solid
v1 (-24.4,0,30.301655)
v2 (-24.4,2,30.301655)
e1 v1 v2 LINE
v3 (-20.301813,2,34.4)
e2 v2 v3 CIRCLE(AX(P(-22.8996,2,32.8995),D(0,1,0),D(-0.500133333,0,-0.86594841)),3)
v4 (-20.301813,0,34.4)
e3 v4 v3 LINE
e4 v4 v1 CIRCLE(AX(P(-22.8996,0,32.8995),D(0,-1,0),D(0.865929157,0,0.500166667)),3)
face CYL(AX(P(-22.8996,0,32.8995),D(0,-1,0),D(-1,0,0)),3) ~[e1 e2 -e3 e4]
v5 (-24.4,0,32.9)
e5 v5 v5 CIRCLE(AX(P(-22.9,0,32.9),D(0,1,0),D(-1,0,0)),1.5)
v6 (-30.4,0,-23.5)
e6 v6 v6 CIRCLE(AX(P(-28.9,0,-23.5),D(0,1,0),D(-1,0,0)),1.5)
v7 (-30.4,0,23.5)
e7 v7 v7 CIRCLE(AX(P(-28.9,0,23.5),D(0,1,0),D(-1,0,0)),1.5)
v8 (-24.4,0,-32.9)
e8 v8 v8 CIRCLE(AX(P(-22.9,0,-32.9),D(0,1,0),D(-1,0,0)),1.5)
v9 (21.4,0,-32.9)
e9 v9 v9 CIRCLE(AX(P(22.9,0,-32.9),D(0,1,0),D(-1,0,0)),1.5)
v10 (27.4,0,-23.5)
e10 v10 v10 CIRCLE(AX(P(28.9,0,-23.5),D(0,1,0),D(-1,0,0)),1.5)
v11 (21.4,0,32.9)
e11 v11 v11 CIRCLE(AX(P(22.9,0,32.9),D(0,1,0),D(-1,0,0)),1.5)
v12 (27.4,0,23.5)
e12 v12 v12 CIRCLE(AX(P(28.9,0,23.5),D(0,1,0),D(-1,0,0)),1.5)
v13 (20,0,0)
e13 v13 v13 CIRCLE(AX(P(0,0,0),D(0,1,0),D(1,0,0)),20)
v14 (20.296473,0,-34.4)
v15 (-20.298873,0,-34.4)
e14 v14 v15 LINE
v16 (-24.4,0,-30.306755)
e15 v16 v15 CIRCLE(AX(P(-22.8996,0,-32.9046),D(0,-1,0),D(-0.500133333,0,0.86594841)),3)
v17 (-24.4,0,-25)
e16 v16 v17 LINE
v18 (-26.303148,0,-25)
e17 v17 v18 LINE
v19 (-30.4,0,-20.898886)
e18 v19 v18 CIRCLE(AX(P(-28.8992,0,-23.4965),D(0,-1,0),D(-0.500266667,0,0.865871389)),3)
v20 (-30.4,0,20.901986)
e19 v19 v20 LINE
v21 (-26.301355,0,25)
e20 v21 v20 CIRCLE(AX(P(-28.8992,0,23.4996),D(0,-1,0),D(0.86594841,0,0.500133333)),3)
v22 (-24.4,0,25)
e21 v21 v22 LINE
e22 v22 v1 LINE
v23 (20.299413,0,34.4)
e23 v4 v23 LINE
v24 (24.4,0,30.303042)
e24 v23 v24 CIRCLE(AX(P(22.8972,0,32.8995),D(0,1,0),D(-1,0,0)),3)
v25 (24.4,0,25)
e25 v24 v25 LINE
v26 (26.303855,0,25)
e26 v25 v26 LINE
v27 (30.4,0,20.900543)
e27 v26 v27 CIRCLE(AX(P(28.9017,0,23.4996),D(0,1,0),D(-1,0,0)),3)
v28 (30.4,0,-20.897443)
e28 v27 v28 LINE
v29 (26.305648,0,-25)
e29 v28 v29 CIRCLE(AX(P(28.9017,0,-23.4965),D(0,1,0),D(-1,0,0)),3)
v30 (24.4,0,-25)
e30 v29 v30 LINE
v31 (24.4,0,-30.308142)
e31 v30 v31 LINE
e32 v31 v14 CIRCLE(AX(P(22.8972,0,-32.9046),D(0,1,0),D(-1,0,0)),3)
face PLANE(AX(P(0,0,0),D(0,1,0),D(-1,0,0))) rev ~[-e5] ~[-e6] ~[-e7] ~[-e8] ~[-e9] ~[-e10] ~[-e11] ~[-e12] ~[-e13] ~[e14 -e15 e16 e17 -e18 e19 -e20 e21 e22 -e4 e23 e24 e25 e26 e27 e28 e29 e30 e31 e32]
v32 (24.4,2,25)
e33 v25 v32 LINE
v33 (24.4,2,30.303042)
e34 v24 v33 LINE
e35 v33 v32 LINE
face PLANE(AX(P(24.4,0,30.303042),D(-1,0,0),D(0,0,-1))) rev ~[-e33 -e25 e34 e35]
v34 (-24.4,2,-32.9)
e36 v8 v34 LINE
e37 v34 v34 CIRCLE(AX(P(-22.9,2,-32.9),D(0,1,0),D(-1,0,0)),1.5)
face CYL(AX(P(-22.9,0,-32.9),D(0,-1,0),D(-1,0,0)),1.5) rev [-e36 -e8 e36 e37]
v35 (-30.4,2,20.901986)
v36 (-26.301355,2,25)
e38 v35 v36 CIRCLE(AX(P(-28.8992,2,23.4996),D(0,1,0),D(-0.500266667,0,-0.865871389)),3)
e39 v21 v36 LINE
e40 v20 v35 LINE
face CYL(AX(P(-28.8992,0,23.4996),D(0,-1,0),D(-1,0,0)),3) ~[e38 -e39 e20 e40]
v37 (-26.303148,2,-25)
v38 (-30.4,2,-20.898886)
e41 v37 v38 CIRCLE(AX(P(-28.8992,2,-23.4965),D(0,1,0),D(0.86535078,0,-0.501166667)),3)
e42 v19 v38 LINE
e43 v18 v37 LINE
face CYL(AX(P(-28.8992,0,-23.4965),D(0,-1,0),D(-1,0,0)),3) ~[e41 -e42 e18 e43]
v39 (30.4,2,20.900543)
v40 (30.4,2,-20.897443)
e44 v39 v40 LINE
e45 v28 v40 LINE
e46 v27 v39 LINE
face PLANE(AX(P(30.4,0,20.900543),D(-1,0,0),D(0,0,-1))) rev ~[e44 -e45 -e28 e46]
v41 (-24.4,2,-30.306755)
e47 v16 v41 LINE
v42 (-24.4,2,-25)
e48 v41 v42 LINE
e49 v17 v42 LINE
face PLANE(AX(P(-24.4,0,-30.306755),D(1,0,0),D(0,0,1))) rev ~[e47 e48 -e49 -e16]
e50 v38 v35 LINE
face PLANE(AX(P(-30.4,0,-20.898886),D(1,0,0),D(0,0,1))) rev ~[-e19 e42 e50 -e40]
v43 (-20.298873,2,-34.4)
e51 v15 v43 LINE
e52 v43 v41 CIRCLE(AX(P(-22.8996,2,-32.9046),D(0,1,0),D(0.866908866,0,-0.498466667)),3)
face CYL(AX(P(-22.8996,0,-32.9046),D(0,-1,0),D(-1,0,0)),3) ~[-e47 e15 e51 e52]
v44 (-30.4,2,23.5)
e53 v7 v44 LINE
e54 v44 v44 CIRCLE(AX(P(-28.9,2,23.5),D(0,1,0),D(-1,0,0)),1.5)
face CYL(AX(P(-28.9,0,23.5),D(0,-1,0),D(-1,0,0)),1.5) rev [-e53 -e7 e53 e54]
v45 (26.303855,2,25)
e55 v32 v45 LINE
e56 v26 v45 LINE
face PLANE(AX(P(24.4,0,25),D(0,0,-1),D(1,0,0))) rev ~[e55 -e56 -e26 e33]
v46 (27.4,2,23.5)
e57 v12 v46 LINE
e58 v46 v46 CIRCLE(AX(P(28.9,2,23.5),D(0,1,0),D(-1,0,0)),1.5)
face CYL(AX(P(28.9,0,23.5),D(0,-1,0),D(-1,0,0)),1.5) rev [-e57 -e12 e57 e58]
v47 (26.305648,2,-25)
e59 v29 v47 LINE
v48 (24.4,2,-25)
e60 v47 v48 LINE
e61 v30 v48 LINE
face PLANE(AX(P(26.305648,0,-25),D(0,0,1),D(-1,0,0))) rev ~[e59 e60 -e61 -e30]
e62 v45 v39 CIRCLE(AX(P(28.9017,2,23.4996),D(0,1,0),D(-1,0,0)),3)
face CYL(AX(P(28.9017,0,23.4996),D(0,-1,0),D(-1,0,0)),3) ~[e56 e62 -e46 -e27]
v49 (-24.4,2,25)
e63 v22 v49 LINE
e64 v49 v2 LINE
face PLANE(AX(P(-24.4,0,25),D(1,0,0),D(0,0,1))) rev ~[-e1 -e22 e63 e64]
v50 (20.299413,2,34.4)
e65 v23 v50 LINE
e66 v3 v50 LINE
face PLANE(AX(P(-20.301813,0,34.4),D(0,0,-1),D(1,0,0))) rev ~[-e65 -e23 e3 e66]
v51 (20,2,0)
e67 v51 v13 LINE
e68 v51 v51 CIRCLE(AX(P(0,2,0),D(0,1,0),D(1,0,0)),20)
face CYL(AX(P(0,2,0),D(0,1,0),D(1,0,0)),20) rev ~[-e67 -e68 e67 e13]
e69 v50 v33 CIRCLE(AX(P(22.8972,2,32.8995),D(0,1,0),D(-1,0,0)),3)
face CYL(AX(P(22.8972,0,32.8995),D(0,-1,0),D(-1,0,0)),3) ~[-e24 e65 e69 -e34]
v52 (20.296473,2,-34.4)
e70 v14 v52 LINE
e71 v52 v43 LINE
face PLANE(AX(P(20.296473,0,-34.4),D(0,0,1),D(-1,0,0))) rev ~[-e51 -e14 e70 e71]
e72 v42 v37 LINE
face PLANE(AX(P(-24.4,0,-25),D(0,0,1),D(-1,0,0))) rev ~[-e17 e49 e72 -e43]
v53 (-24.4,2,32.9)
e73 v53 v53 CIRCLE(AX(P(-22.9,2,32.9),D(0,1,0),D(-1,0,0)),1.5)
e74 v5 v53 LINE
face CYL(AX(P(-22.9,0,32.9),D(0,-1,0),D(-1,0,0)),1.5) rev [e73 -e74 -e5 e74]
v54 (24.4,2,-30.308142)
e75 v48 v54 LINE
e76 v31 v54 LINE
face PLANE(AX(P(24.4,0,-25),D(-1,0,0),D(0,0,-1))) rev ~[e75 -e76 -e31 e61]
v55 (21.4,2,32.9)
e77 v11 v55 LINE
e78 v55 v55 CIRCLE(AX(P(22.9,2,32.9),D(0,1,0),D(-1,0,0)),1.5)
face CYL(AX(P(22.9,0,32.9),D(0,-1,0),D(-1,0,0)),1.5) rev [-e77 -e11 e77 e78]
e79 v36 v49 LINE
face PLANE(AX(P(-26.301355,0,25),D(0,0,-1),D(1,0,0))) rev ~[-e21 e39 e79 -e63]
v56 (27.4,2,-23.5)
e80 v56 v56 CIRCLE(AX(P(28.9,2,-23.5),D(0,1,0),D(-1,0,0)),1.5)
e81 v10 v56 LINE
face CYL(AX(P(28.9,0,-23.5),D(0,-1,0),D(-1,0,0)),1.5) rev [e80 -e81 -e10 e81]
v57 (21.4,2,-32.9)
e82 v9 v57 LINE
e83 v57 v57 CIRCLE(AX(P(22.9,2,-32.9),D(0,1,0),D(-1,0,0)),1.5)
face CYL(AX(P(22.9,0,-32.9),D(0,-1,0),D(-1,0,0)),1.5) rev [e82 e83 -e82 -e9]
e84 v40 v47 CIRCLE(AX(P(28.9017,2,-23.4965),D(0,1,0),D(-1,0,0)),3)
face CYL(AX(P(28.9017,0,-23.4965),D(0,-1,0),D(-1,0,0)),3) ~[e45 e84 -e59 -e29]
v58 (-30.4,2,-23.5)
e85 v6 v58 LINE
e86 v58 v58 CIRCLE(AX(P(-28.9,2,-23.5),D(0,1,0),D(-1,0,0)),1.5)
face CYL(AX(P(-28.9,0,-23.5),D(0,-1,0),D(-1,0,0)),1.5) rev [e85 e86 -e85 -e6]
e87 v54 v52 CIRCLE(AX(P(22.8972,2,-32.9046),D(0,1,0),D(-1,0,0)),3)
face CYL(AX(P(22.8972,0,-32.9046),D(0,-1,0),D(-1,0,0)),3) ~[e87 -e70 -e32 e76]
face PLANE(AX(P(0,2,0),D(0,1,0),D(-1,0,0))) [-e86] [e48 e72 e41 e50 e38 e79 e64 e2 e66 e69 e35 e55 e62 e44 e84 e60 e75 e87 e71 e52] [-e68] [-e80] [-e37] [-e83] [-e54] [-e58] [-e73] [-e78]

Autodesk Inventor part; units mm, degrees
ref_plane "YZ Plane" through (0, 0, 0) normal (1, 0, 0) x (0, 1, 0)
ref_plane "XZ Plane" through (0, 0, 0) normal (0, 1, 0) x (-1, 0, 0)
ref_plane "XY Plane" through (0, 0, 0) normal (0, 0, 1) x (1, 0, 0)
sketch "Sketch5" plane through (0, 0, 0) normal (0, 1, 0) x (-1, 0, 0)
  line L0 (-22.9, -32.9) -> (22.9, 32.9) construction
  line L1 (22.9, -32.9) -> (-22.9, 32.9) construction
  circle A0 centre (22.9, 32.9) radius 1.5
  circle A1 centre (22.9, -32.9) radius 1.5
  circle A2 centre (-22.9, 32.9) radius 1.5
  circle A3 centre (-22.9, -32.9) radius 1.5
  point P0 (0, 0)
  dimension "d6" = 45.8
  dimension "d7" = 65.8
  dimension "d8" = 3
  dimension "d9" = 3
  dimension "d10" = 3
  dimension "d11" = 3
sketch "Sketch8" plane through (0, 0, 0) normal (0, 1, 0) x (-1, 0, 0)
  line L0 (28.9, -23.5) -> (-28.9, 23.5) construction
  line L1 (-28.9, -23.5) -> (28.9, 23.5) construction
  circle A0 centre (28.9, 23.5) radius 1.5
  circle A1 centre (28.9, -23.5) radius 1.5
  circle A2 centre (-28.9, 23.5) radius 1.5
  circle A3 centre (-28.9, -23.5) radius 1.5
  point P0 (0, 0)
  dimension "d24" = 57.8
  dimension "d25" = 47
  dimension "d26" = 3
  dimension "d27" = 3
  dimension "d28" = 3
  dimension "d29" = 3
sketch "Sketch10" plane through (0, 0, 0) normal (0, 1, 0) x (-1, 0, 0)
  line L0 (-24.4, -34.4) -> (24.4, -34.4)
  line L1 (24.4, -34.4) -> (24.4, 34.4)
  line L2 (24.4, 34.4) -> (-24.4, 34.4)
  line L3 (-24.4, 34.4) -> (-24.4, -34.4)
  line L4 (-24.4, -34.4) -> (24.4, 34.4) construction
  line L5 (24.4, -34.4) -> (-24.4, 34.4) construction
  line L6 (-30.4, -25) -> (30.4, -25)
  line L7 (30.4, -25) -> (30.4, 25)
  line L8 (30.4, 25) -> (-30.4, 25)
  line L9 (-30.4, 25) -> (-30.4, -25)
  line L10 (-30.4, -25) -> (30.4, 25) construction
  line L11 (30.4, -25) -> (-30.4, 25) construction
  circle A0 centre (28.8992, 23.4996) radius 3
  circle A1 centre (22.8996, 32.8995) radius 3
  circle A2 centre (28.8992, -23.4965) radius 3
  circle A3 centre (22.8996, -32.9046) radius 3
  circle A4 centre (-28.9017, -23.4965) radius 3
  circle A5 centre (-22.8972, -32.9046) radius 3
  circle A6 centre (-28.9017, 23.4996) radius 3
  circle A7 centre (-22.8972, 32.8995) radius 3
  point P0 (0, 0)
  point P1 (24.4, 25)
  point P2 (24.4, 30.3016)
  point P3 (20.3018, 34.4)
  point P4 (-20.2994, 34.4)
  point P5 (-24.4, 30.303)
  point P6 (-24.4, 25)
  point P7 (-26.3038, 25)
  point P8 (-30.4, 20.9006)
  point P9 (-30.4, -20.8974)
  point P10 (-26.3056, -25)
  point P11 (-24.4, -25)
  point P12 (-24.4, -30.3081)
  point P13 (-20.2965, -34.4)
  point P14 (20.2989, -34.4)
  point P15 (24.4, -30.3067)
  point P16 (24.4, -25)
  point P17 (26.3031, -25)
  point P18 (30.4, -20.8989)
  point P19 (30.4, 20.902)
  point P20 (26.3013, 25)
  dimension "d46" = 48.8
  dimension "d47" = 68.8
  dimension "d48" = 60.8
  dimension "d49" = 50
  dimension "d50" = 6
  dimension "d51" = 6
  dimension "d52" = 6
  dimension "d53" = 6
  dimension "d54" = 6
  dimension "d55" = 6
  dimension "d56" = 6
  dimension "d57" = 6
extrude "Extrusion3" add sketch "Sketch10" along normal blind 2
extrude "Extrusion4" cut sketch "Sketch5" along normal blind 2
extrude "Extrusion5" cut sketch "Sketch8" along normal blind 2
sketch "Sketch11" plane through (0, 2, 0) normal (0, 1, 0) x (1, 0, 0)
  circle A0 centre (0, 0) radius 20
  dimension "d64" = 40
extrude "Extrusion6" cut sketch "Sketch11" against normal blind 2
properties part number "PCB Bracket 2"
